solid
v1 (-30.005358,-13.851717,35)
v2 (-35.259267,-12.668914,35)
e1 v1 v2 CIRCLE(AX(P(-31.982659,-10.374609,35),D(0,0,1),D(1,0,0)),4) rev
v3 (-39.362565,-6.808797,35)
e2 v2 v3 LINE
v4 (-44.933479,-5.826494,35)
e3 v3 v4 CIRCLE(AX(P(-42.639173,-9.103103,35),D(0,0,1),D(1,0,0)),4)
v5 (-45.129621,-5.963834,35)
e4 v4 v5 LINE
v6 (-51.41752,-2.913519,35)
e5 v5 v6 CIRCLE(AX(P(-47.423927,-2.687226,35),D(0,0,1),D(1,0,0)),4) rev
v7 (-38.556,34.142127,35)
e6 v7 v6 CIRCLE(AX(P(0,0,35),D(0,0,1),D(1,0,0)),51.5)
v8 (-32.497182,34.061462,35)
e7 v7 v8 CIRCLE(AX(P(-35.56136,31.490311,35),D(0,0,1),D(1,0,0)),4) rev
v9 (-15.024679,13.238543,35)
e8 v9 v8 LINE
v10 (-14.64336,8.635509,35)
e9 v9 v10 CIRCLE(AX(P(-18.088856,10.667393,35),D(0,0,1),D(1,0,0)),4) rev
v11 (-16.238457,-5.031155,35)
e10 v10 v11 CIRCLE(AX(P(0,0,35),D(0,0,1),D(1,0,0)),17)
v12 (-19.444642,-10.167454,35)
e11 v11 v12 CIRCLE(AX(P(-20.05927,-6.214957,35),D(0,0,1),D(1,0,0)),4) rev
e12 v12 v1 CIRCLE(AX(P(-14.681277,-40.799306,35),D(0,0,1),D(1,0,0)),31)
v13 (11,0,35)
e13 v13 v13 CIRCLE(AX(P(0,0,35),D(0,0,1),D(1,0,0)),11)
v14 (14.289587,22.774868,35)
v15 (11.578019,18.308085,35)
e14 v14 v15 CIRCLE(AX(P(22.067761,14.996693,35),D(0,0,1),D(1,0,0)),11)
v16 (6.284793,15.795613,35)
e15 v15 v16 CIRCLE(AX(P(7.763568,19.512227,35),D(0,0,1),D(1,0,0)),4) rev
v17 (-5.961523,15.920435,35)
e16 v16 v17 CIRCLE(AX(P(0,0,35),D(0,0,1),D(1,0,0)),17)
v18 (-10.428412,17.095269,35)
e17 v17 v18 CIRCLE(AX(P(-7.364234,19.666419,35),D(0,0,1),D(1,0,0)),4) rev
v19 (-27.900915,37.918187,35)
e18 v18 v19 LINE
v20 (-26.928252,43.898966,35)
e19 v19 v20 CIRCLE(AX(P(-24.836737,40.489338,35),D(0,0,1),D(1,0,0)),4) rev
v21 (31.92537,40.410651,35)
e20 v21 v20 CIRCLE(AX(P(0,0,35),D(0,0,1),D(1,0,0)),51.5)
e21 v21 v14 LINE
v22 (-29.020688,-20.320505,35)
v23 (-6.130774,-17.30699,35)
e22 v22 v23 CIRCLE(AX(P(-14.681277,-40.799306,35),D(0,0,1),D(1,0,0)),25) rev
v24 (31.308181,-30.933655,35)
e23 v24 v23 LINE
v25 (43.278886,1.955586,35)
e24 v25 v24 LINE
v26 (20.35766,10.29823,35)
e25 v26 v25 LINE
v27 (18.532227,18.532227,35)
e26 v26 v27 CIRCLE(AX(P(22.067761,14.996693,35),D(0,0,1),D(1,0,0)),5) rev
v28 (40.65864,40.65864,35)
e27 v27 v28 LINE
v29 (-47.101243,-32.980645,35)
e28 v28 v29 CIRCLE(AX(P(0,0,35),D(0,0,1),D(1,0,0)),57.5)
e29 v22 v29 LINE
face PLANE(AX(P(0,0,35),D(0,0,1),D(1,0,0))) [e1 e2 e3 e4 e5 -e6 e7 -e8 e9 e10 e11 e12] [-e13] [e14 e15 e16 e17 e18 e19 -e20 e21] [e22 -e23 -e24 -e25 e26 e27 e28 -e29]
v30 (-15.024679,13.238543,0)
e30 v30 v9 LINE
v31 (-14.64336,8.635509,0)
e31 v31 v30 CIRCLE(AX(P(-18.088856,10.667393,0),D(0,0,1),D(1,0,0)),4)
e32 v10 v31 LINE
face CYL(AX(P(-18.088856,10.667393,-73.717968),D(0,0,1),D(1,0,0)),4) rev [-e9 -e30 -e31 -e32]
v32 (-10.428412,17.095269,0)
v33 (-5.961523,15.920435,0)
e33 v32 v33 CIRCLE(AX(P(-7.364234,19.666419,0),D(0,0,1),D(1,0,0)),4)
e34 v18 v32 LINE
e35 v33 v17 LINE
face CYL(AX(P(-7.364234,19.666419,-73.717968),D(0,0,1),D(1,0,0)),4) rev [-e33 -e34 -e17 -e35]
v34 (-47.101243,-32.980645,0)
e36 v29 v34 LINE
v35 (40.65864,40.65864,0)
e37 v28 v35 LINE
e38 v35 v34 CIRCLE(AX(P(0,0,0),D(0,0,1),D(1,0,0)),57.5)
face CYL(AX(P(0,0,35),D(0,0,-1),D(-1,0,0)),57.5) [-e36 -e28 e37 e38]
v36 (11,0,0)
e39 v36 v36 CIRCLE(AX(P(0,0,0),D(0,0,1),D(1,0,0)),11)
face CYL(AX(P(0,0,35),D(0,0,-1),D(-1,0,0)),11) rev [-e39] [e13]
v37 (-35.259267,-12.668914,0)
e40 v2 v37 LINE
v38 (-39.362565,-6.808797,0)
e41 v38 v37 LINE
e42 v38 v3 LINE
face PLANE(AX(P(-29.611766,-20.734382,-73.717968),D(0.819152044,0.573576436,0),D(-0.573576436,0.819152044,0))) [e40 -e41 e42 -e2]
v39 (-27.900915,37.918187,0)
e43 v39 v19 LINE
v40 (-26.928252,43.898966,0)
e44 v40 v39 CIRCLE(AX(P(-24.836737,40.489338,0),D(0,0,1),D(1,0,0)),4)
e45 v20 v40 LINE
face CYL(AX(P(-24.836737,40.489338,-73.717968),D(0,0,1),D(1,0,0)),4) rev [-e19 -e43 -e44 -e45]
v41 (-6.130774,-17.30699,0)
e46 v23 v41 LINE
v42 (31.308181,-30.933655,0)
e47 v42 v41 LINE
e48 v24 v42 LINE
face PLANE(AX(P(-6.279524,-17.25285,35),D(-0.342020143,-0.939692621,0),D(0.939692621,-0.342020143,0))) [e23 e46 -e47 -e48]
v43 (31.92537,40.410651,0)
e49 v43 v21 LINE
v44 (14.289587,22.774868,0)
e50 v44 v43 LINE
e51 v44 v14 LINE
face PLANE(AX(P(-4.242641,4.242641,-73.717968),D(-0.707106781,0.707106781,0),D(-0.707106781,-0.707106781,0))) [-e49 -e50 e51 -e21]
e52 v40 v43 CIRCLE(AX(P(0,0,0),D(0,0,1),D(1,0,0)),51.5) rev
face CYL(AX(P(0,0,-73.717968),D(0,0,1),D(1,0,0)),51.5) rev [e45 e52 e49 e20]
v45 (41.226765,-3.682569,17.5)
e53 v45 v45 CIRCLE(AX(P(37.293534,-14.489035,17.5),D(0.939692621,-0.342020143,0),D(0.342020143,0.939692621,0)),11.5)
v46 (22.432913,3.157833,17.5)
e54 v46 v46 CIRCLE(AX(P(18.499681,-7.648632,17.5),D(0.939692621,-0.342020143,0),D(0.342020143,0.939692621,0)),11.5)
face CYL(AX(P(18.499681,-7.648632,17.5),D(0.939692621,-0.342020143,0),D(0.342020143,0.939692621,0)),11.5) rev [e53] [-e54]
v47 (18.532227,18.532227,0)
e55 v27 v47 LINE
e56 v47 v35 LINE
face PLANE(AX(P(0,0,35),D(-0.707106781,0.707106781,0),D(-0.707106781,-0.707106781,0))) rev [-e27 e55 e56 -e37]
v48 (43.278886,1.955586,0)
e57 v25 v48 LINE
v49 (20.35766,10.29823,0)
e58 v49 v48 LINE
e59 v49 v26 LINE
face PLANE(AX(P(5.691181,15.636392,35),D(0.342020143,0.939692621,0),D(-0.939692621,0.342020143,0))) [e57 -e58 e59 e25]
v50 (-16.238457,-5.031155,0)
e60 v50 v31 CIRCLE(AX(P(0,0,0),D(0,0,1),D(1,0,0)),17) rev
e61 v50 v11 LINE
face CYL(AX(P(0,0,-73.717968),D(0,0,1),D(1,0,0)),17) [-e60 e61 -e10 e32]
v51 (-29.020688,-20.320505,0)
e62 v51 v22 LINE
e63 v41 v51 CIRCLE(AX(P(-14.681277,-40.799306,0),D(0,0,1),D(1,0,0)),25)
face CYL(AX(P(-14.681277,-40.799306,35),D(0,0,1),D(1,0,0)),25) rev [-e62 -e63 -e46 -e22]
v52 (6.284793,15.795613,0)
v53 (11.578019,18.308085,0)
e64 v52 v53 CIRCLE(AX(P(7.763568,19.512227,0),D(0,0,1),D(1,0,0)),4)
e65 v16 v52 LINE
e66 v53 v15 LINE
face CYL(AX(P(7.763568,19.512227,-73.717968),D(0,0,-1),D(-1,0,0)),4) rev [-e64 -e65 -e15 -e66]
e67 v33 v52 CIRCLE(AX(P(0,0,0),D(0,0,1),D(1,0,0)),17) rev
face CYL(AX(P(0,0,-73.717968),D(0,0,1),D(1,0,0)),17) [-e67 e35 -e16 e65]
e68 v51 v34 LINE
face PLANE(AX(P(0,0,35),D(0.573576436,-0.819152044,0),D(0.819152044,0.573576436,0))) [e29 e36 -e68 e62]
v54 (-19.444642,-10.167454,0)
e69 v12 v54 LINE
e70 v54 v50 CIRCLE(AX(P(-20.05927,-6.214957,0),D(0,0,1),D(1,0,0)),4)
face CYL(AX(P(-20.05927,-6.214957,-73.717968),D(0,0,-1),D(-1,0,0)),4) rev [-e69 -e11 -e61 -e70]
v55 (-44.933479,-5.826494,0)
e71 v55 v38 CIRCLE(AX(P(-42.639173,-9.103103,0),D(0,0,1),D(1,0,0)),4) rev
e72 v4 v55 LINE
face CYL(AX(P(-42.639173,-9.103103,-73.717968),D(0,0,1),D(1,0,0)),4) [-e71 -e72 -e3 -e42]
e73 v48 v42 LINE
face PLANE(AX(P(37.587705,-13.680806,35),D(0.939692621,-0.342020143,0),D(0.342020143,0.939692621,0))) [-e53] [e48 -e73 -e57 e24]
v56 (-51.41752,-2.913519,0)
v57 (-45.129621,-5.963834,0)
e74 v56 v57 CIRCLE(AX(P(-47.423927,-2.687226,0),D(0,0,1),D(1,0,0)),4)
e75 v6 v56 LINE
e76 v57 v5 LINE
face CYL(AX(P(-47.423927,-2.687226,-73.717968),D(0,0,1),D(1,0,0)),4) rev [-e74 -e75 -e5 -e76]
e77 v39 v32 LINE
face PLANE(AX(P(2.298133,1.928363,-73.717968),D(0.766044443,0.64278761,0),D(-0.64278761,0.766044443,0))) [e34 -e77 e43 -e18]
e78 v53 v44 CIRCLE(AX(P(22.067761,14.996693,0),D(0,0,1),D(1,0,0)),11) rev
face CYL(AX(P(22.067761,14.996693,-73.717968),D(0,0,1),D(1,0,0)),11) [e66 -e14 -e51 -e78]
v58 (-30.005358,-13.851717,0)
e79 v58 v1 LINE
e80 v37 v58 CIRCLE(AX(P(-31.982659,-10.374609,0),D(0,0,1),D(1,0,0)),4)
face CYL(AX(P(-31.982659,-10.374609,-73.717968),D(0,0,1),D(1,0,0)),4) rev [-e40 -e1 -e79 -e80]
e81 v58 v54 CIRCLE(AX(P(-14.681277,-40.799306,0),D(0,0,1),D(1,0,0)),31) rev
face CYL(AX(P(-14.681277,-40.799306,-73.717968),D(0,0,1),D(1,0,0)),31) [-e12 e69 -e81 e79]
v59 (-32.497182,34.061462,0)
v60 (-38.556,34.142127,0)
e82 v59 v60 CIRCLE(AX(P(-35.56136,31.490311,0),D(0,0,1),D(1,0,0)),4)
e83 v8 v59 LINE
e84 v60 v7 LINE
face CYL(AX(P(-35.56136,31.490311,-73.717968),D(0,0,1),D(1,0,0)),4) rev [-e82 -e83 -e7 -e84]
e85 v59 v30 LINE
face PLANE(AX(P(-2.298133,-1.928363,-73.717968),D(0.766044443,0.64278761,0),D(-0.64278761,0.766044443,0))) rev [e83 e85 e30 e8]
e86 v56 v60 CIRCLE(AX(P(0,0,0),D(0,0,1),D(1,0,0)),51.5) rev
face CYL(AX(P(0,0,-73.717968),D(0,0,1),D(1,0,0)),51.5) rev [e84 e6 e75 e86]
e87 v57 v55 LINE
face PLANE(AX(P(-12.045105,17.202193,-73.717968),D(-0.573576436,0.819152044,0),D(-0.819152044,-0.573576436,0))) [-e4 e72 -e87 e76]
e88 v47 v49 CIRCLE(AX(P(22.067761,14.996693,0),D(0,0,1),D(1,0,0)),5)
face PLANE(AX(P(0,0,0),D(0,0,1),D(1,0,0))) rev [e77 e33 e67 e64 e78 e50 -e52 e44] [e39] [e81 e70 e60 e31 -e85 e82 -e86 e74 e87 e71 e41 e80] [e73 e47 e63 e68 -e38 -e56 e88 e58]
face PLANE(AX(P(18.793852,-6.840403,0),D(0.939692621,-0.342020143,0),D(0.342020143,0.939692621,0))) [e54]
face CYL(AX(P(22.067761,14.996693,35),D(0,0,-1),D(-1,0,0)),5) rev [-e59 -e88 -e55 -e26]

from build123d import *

# Parameters (mm, degrees)
SKETCH1_R           = 11
BOSS_EXTRUDE1_DEPTH = 35
FILLET2_R           = 25
FILLET5_R           = 5
CUT_EXTRUDE2_DEPTH  = 35
FILLET6_R           = 4
CUT_EXTRUDE1_DEPTH  = 20


with BuildPart() as part:
    # Sketch1 → Boss-Extrude1 (new body)
    with BuildSketch(Plane.XY):
        with BuildLine():
            Line((-47.101242547, -32.98064509), (-15.03971276, -10.530920247))
            ThreePointArc((-15.03971276, -10.530920247), (-11.176920202, -14.566045997), (-6.279523746, -17.252849698))
            Line((-6.279523746, -17.252849698), (31.308181085, -30.933655431))
            Line((31.308181085, -30.933655431), (43.278886102, 1.955586297))
            Line((43.278886102, 1.955586297), (12.982550619, 12.982550619))
            Line((12.982550619, 12.982550619), (40.658639918, 40.658639918))
            ThreePointArc((40.658639918, 40.658639918), (-36.960287557, 44.047555479), (-47.101242547, -32.98064509))
        make_face()
        Circle(SKETCH1_R, mode=Mode.SUBTRACT)
    extrude(amount=BOSS_EXTRUDE1_DEPTH)

    # Fillet2
    fillet2_edges = [part.edges().sort_by_distance(p)[0] for p in [
        (-15.03971276, -10.530920247, 17.5),
    ]]
    fillet(fillet2_edges, radius=FILLET2_R)

    # Fillet5
    fillet5_edges = [part.edges().sort_by_distance(p)[0] for p in [
        (12.982550619, 12.982550619, 17.5),
    ]]
    fillet(fillet5_edges, radius=FILLET5_R)

    # Sketch4 → Cut-Extrude2 (cut)
    with BuildSketch(Plane.XY.offset(35)):
        with BuildLine():
            Line((-41.656871027, -3.532188748), (-33.053224482, -15.819469412))
            Line((-33.053224482, -15.819469412), (-32.46214687, -15.405592412))
            ThreePointArc((-32.46214687, -15.405592412), (-23.62229066, -11.116679876), (-13.884259621, -9.809553241))
            ThreePointArc((-13.884259621, -9.809553241), (-16.986342471, 0.681299827), (-13.054027301, 10.890012453))
            Line((-13.054027301, 10.890012453), (-35.345481592, 37.455933189))
            ThreePointArc((-35.345481592, 37.455933189), (-49.017443505, 15.796842477), (-50.564853617, -9.769625307))
            Line((-50.564853617, -9.769625307), (-41.656871027, -3.532188748))
        make_face()
        with BuildLine():
            ThreePointArc((31.925370041, 40.410651415), (0.741106983, 51.494667301), (-30.749214933, 41.312658847))
            Line((-30.749214933, 41.312658847), (-8.457760642, 14.746738111))
            ThreePointArc((-8.457760642, 14.746738111), (1.75926732, 16.908724922), (11.312388901, 12.68975403))
            ThreePointArc((11.312388901, 12.68975403), (11.517857333, 18.111100205), (14.289586512, 22.774867886))
            Line((14.289586512, 22.774867886), (31.925370041, 40.410651415))
        make_face()
    extrude(amount=-CUT_EXTRUDE2_DEPTH, mode=Mode.SUBTRACT)

    # Fillet6
    fillet6_edges = [part.edges().sort_by_distance(p)[0] for p in [
        (-13.884259621, -9.809553241, 17.5),
        (-13.054027301, 10.890012453, 17.5),
        (-35.345481592, 37.455933189, 17.5),
        (-30.749214933, 41.312658847, 17.5),
        (-8.457760642, 14.746738111, 17.5),
        (11.312388901, 12.68975403, 17.5),
        (-50.564853617, -9.769625307, 17.5),
        (-33.053224482, -15.819469412, 17.5),
        (-41.656871027, -3.532188748, 17.5),
    ]]
    fillet(fillet6_edges, radius=FILLET6_R)

    # Sketch2 → Cut-Extrude1 (cut)
    with BuildSketch(Plane(origin=(37.587704831, -13.680805733, 0), x_dir=(0, 0, -1), z_dir=(0.939692620785907, -0.34202014332567265, 0))):
        with BuildLine():
            ThreePointArc((-6, -0.86009916), (-13.099140528, 9.764515464), (-25.631727984, 7.271628823))
            Line((-25.631727984, 7.271628823), (-9.368272016, -8.991827144))
            ThreePointArc((-9.368272016, -8.991827144), (-6.875385376, -5.260958632), (-6, -0.86009916))
        make_face()
        with BuildLine():
            Line((-9.368272016, -8.991827144), (-25.631727984, 7.271628823))
            ThreePointArc((-25.631727984, 7.271628823), (-25.631727984, -8.991827144), (-9.368272016, -8.991827144))
        make_face()
    extrude(amount=-CUT_EXTRUDE1_DEPTH, mode=Mode.SUBTRACT)


solid = part.part
